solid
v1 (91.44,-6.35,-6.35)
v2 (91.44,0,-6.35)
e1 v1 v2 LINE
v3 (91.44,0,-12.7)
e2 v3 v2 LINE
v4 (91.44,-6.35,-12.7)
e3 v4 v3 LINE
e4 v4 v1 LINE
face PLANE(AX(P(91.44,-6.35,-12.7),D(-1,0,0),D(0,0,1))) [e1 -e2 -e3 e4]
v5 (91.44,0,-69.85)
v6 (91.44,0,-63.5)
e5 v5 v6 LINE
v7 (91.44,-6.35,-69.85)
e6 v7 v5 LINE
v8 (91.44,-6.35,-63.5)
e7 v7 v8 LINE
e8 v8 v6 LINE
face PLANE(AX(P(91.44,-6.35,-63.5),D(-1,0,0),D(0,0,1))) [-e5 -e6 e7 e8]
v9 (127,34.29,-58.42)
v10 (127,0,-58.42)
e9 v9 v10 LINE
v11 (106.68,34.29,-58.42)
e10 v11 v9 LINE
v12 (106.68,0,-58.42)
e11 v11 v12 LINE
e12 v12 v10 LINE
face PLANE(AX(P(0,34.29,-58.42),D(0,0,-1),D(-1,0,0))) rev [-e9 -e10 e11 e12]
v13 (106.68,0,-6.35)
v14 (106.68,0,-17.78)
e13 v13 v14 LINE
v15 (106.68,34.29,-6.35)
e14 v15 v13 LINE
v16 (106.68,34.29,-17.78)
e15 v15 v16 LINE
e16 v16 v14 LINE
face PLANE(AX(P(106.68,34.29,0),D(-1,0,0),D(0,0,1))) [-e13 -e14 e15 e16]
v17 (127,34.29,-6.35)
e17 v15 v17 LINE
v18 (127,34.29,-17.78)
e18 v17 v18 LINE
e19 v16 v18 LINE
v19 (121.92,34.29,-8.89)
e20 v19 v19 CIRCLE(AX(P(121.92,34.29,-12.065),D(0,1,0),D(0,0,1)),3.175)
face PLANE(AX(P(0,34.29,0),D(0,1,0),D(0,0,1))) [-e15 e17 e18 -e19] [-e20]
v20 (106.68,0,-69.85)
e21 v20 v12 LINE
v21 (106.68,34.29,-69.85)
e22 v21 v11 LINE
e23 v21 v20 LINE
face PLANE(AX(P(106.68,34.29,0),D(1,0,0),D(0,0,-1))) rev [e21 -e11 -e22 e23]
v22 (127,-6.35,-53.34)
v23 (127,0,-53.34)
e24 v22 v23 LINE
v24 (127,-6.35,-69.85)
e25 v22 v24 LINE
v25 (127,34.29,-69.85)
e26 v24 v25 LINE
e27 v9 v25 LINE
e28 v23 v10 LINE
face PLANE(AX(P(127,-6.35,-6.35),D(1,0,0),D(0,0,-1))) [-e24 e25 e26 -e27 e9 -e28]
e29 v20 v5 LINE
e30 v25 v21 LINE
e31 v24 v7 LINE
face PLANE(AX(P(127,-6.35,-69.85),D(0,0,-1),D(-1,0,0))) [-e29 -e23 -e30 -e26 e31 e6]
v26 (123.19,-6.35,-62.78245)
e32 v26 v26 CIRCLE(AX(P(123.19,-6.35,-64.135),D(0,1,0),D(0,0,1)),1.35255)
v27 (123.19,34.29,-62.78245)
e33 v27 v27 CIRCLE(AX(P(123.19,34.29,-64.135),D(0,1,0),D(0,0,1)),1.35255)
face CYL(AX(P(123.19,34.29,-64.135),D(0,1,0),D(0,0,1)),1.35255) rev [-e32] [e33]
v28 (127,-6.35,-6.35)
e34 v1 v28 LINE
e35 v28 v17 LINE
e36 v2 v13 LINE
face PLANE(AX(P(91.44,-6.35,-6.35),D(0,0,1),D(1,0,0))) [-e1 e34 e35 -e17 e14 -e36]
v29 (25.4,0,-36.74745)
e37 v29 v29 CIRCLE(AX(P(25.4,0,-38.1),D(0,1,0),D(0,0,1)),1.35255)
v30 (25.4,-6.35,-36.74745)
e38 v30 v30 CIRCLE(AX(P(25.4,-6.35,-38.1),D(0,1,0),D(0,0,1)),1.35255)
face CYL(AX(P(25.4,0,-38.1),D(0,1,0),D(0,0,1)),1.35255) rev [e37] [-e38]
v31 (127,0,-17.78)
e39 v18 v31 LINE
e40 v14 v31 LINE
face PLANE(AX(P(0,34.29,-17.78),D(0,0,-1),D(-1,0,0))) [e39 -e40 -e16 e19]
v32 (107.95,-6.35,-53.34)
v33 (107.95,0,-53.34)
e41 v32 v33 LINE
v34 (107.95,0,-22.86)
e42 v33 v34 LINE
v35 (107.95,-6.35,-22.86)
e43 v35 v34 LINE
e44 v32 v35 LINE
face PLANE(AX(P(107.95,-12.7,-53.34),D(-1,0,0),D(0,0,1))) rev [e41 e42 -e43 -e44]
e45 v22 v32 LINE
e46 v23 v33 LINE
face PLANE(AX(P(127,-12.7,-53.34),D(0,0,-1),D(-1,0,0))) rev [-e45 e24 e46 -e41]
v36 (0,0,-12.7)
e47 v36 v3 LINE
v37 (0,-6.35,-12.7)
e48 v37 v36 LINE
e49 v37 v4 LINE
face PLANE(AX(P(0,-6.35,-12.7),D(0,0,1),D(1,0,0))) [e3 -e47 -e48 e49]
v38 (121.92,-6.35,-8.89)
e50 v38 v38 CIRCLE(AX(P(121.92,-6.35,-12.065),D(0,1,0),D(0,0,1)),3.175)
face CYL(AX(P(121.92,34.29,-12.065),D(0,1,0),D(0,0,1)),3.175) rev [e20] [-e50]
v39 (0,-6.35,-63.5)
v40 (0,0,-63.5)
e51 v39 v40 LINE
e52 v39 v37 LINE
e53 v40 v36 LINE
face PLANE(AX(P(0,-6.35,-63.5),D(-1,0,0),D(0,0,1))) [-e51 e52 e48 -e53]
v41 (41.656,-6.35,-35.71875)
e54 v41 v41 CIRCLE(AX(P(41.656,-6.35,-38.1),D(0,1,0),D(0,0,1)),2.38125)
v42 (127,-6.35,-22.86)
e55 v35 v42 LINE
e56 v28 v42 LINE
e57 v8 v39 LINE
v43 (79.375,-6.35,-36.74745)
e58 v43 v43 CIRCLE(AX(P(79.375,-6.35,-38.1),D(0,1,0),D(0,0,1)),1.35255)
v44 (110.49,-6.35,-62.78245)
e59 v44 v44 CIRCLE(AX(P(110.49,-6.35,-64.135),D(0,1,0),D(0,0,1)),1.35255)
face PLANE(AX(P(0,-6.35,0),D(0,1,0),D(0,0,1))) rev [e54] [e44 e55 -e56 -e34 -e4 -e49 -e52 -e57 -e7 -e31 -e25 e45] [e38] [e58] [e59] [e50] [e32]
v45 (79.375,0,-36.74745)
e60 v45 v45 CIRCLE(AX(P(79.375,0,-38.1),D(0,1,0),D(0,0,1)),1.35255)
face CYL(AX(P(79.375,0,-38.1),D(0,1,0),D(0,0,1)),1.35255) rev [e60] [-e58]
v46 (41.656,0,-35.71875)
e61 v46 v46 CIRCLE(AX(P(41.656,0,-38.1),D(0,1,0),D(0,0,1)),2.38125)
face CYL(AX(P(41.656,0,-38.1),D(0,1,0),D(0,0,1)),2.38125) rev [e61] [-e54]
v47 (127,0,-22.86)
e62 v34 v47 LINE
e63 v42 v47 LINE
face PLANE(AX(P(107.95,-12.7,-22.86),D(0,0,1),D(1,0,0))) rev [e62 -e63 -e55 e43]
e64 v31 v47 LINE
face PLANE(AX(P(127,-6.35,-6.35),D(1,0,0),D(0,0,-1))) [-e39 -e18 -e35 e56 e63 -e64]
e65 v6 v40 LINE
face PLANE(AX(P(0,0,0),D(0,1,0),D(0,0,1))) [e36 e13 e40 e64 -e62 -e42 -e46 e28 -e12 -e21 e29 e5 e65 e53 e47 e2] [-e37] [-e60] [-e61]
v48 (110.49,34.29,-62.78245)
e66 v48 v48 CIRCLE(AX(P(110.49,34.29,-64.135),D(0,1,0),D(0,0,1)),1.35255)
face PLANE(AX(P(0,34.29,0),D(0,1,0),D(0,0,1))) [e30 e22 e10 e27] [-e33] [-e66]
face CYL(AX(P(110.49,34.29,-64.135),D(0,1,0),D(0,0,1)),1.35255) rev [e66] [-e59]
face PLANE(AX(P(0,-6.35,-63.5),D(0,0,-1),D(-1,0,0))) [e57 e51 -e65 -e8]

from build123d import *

# Parameters (mm, degrees)
BOSS_EXTRUDE3_DEPTH          = 6.35
SKETCH4_W                    = 20.32
SKETCH4_H                    = 11.43
BOSS_EXTRUDE4_DEPTH          = 34.29
SKETCH5_W                    = 19.05
SKETCH5_H                    = 30.48
CUT_EXTRUDE1_DEPTH           = 12.7
F_3_16_0_1875_DOWEL_HOLE4_D  = 4.7625
F_1_4_0_2500_DOWEL_HOLE1_D   = 6.35
F_36_0_1065_DIAMETER_HOLE1_D = 2.7051
F_6_32_TAPPED_HOLE1_D        = 2.7051


with BuildPart() as part:
    # Sketch2 → Boss-Extrude3 (new body)
    with BuildSketch(Plane(origin=(0, 0, 0), x_dir=(1, 0, 0), z_dir=(0, 1, 0))):
        Polygon((91.44, 6.35), (127, 6.35), (127, 69.85), (91.44, 69.85), (91.44, 63.5), (0, 63.5), (0, 12.7), (91.44, 12.7), align=None)
    extrude(amount=-BOSS_EXTRUDE3_DEPTH)

    # Sketch4 → Boss-Extrude4 (add)
    with BuildSketch(Plane(origin=(0, 0, 0), x_dir=(1, 0, 0), z_dir=(0, 1, 0))):
        with Locations((116.84, 64.135)):
            Rectangle(SKETCH4_W, SKETCH4_H)
        with Locations((116.84, 12.065)):
            Rectangle(SKETCH4_W, SKETCH4_H)
    extrude(amount=BOSS_EXTRUDE4_DEPTH)

    # Sketch5 → Cut-Extrude1 (cut)
    with BuildSketch(Plane(origin=(0, 0, 0), x_dir=(1, 0, 0), z_dir=(0, 1, 0))):
        with Locations((117.475, 38.1)):
            Rectangle(SKETCH5_W, SKETCH5_H)
    extrude(amount=-CUT_EXTRUDE1_DEPTH, mode=Mode.SUBTRACT)

    # 3/16 (0.1875) Dowel Hole4 (through all)
    with Locations(Plane(origin=(0, 0, 0), x_dir=(1, 0, 0), z_dir=(0, 1, 0))):
        with Locations((41.656, 38.1)):
            Hole(F_3_16_0_1875_DOWEL_HOLE4_D / 2)

    # 1/4 (0.2500) Dowel Hole1 (through all)
    with Locations(Plane(origin=(0, 34.29, 0), x_dir=(1, 0, 0), z_dir=(0, 1, 0))):
        with Locations((121.92, 12.065)):
            Hole(F_1_4_0_2500_DOWEL_HOLE1_D / 2)

    # #36 (0.1065) Diameter Hole1 (through all)
    with Locations(Plane(origin=(0, 0, 0), x_dir=(1, 0, 0), z_dir=(0, 1, 0))):
        with Locations((25.4, 38.1), (79.375, 38.1)):
            Hole(F_36_0_1065_DIAMETER_HOLE1_D / 2)

    # #6-32 Tapped Hole1 (through all)
    with Locations(Plane(origin=(0, 34.29, 0), x_dir=(1, 0, 0), z_dir=(0, 1, 0))):
        with Locations((123.19, 64.135), (110.49, 64.135)):
            Hole(F_6_32_TAPPED_HOLE1_D / 2)


solid = part.part
